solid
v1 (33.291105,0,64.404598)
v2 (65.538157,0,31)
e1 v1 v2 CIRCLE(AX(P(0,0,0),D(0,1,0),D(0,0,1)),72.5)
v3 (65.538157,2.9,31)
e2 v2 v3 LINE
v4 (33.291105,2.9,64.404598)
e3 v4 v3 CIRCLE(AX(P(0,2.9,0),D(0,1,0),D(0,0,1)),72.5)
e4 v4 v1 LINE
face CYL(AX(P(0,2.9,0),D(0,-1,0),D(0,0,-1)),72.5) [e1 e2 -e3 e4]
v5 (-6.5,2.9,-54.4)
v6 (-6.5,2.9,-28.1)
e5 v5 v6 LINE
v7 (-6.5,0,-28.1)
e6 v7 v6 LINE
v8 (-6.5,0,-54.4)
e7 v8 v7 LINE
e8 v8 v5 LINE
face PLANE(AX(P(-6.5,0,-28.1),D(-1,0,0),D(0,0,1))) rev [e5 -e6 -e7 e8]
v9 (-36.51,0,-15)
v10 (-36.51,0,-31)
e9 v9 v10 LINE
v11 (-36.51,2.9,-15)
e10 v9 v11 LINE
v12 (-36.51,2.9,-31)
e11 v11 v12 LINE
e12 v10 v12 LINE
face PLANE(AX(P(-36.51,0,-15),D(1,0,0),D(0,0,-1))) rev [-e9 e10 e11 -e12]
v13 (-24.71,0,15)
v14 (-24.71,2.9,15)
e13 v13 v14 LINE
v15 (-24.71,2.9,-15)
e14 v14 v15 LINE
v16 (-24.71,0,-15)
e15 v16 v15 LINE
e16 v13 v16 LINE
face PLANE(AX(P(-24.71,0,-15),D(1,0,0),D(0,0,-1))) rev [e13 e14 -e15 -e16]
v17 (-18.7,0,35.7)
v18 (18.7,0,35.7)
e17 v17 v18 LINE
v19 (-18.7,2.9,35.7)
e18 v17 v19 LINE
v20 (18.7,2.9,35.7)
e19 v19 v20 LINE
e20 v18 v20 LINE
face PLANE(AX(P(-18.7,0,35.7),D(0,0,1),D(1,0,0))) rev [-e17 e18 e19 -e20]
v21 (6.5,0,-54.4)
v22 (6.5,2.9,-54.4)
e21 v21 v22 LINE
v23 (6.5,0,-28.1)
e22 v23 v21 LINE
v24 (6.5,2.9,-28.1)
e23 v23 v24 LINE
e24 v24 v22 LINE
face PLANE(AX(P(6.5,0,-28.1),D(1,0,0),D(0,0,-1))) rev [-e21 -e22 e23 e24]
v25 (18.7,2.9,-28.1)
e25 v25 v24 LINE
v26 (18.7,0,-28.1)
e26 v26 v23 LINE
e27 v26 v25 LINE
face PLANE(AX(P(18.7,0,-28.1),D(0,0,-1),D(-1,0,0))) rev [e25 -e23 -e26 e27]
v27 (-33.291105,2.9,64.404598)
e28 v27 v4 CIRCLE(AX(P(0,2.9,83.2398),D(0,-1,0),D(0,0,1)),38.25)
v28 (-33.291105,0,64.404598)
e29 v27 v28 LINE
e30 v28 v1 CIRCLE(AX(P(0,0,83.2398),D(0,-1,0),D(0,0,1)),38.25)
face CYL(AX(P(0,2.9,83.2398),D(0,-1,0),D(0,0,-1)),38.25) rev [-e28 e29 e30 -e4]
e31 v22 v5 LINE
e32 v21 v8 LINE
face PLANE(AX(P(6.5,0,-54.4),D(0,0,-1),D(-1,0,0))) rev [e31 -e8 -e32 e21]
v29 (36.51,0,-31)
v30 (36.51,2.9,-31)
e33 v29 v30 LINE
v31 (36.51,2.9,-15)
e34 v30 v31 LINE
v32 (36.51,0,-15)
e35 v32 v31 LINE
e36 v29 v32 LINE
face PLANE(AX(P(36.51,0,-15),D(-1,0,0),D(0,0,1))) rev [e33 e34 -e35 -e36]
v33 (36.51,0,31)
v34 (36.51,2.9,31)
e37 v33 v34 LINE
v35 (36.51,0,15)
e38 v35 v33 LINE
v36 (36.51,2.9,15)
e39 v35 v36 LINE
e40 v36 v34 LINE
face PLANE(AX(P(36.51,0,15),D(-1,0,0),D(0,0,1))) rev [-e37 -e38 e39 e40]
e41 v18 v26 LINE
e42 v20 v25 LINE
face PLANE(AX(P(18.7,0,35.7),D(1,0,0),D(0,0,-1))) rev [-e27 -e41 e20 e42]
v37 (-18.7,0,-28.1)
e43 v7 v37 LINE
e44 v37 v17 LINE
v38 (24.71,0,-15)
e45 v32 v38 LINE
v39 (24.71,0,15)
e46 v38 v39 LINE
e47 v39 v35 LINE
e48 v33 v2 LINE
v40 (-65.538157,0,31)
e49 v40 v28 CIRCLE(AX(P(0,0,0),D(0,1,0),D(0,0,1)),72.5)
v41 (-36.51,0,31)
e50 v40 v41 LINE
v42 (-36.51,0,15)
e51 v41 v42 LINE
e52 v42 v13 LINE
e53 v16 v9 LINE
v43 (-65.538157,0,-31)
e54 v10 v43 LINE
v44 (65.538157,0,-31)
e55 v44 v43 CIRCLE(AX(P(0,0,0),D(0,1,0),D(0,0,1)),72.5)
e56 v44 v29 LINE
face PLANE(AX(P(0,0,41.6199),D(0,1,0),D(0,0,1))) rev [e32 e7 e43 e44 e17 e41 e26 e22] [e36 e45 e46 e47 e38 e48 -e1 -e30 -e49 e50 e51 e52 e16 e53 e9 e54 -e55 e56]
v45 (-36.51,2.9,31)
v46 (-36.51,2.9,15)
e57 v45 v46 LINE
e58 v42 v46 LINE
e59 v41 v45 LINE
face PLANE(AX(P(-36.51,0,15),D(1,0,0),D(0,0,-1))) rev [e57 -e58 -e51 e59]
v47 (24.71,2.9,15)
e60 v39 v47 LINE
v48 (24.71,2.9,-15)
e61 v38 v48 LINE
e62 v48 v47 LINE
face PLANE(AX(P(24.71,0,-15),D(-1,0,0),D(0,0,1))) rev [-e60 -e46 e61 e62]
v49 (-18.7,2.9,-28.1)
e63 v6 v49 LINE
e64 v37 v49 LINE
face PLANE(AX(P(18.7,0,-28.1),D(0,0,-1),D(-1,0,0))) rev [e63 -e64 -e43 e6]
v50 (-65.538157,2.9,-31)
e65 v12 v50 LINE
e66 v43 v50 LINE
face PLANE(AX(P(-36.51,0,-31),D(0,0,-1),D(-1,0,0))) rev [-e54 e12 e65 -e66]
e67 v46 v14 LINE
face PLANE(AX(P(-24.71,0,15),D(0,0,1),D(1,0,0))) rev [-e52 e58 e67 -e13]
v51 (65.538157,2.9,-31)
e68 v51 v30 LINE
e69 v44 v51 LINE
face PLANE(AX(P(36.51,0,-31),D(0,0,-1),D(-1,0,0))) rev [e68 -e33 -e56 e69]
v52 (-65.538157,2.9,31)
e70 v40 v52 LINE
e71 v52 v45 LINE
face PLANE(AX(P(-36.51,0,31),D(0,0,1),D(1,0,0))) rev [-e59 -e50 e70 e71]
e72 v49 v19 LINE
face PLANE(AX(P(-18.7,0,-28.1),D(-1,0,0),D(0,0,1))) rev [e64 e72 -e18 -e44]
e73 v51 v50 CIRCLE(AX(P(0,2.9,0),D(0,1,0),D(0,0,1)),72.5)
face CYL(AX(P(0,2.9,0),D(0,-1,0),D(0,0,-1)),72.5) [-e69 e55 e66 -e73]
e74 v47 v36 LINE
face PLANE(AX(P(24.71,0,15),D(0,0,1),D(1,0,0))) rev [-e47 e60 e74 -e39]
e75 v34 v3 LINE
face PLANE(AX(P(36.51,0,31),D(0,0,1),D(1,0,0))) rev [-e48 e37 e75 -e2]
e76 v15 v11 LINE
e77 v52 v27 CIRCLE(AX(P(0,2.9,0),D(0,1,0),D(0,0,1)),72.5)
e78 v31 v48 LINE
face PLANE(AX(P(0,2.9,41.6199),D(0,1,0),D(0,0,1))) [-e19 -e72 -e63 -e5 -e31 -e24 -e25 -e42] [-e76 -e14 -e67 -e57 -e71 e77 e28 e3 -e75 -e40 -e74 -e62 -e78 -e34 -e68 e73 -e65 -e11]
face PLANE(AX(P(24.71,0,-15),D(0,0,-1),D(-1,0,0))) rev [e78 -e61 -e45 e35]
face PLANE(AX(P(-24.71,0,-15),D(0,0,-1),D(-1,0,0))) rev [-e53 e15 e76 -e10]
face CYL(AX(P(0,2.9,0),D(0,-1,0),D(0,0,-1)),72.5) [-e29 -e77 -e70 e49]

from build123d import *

# Parameters (mm, degrees)
BOSS_EXTRUDE1_DEPTH  = 2.9
SOLENOID_PLACEMENT_W = 37.4
SOLENOID_PLACEMENT_H = 63.8
CUT_EXTRUDE1_DEPTH   = 103.571487266
CUT_EXTRUDE3_DEPTH   = 103.571487266
SKETCH4_W            = 13
SKETCH4_H            = 26.3
CUT_EXTRUDE4_DEPTH   = 98.774792252


with BuildPart() as part:
    # Sketch1 → Boss-Extrude1 (new body)
    with BuildSketch(Plane(origin=(0, 0, 0), x_dir=(1, 0, 0), z_dir=(0, 1, 0))):
        with BuildLine():
            ThreePointArc((33.29110537, -64.404598464), (0, 72.5), (-33.29110537, -64.404598464))
            ThreePointArc((-33.29110537, -64.404598464), (0, -44.989799638), (33.29110537, -64.404598464))
        make_face()
    extrude(amount=BOSS_EXTRUDE1_DEPTH)

    # solenoid placement → Cut-Extrude1 (cut, through all)
    with BuildSketch(Plane(origin=(0, 2.9, 0), x_dir=(1, 0, 0), z_dir=(0, 1, 0))):
        with Locations((0, -3.8)):
            Rectangle(SOLENOID_PLACEMENT_W, SOLENOID_PLACEMENT_H)
    extrude(amount=-CUT_EXTRUDE1_DEPTH, mode=Mode.SUBTRACT)

    # Sketch3 → Cut-Extrude3 (cut, through all)
    with BuildSketch(Plane(origin=(0, 2.9, 0), x_dir=(1, 0, 0), z_dir=(0, 1, 0))):
        with BuildLine():
            Line((-36.51, -15), (-36.51, -31))
            Line((-36.51, -31), (-65.538156825, -31))
            ThreePointArc((-65.538156825, -31), (-72.5, 0), (-65.538156825, 31))
            Line((-65.538156825, 31), (-36.51, 31))
            Line((-36.51, 31), (-36.51, 15))
            Line((-36.51, 15), (-24.71, 15))
            Line((-24.71, 15), (-24.71, -15))
            Line((-24.71, -15), (-36.51, -15))
        make_face()
        with BuildLine():
            Line((36.51, 31), (65.538156825, 31))
            ThreePointArc((65.538156825, 31), (72.5, 0), (65.538156825, -31))
            Line((65.538156825, -31), (36.51, -31))
            Line((36.51, -31), (36.51, -15))
            Line((36.51, -15), (24.71, -15))
            Line((24.71, -15), (24.71, 15))
            Line((24.71, 15), (36.51, 15))
            Line((36.51, 15), (36.51, 31))
        make_face()
    extrude(amount=-CUT_EXTRUDE3_DEPTH, mode=Mode.SUBTRACT)

    # Sketch4 → Cut-Extrude4 (cut, through all)
    with BuildSketch(Plane(origin=(0, 2.9, 0), x_dir=(1, 0, 0), z_dir=(0, 1, 0))):
        with Locations((0, 41.25)):
            Rectangle(SKETCH4_W, SKETCH4_H)
    extrude(amount=-CUT_EXTRUDE4_DEPTH, mode=Mode.SUBTRACT)


solid = part.part
